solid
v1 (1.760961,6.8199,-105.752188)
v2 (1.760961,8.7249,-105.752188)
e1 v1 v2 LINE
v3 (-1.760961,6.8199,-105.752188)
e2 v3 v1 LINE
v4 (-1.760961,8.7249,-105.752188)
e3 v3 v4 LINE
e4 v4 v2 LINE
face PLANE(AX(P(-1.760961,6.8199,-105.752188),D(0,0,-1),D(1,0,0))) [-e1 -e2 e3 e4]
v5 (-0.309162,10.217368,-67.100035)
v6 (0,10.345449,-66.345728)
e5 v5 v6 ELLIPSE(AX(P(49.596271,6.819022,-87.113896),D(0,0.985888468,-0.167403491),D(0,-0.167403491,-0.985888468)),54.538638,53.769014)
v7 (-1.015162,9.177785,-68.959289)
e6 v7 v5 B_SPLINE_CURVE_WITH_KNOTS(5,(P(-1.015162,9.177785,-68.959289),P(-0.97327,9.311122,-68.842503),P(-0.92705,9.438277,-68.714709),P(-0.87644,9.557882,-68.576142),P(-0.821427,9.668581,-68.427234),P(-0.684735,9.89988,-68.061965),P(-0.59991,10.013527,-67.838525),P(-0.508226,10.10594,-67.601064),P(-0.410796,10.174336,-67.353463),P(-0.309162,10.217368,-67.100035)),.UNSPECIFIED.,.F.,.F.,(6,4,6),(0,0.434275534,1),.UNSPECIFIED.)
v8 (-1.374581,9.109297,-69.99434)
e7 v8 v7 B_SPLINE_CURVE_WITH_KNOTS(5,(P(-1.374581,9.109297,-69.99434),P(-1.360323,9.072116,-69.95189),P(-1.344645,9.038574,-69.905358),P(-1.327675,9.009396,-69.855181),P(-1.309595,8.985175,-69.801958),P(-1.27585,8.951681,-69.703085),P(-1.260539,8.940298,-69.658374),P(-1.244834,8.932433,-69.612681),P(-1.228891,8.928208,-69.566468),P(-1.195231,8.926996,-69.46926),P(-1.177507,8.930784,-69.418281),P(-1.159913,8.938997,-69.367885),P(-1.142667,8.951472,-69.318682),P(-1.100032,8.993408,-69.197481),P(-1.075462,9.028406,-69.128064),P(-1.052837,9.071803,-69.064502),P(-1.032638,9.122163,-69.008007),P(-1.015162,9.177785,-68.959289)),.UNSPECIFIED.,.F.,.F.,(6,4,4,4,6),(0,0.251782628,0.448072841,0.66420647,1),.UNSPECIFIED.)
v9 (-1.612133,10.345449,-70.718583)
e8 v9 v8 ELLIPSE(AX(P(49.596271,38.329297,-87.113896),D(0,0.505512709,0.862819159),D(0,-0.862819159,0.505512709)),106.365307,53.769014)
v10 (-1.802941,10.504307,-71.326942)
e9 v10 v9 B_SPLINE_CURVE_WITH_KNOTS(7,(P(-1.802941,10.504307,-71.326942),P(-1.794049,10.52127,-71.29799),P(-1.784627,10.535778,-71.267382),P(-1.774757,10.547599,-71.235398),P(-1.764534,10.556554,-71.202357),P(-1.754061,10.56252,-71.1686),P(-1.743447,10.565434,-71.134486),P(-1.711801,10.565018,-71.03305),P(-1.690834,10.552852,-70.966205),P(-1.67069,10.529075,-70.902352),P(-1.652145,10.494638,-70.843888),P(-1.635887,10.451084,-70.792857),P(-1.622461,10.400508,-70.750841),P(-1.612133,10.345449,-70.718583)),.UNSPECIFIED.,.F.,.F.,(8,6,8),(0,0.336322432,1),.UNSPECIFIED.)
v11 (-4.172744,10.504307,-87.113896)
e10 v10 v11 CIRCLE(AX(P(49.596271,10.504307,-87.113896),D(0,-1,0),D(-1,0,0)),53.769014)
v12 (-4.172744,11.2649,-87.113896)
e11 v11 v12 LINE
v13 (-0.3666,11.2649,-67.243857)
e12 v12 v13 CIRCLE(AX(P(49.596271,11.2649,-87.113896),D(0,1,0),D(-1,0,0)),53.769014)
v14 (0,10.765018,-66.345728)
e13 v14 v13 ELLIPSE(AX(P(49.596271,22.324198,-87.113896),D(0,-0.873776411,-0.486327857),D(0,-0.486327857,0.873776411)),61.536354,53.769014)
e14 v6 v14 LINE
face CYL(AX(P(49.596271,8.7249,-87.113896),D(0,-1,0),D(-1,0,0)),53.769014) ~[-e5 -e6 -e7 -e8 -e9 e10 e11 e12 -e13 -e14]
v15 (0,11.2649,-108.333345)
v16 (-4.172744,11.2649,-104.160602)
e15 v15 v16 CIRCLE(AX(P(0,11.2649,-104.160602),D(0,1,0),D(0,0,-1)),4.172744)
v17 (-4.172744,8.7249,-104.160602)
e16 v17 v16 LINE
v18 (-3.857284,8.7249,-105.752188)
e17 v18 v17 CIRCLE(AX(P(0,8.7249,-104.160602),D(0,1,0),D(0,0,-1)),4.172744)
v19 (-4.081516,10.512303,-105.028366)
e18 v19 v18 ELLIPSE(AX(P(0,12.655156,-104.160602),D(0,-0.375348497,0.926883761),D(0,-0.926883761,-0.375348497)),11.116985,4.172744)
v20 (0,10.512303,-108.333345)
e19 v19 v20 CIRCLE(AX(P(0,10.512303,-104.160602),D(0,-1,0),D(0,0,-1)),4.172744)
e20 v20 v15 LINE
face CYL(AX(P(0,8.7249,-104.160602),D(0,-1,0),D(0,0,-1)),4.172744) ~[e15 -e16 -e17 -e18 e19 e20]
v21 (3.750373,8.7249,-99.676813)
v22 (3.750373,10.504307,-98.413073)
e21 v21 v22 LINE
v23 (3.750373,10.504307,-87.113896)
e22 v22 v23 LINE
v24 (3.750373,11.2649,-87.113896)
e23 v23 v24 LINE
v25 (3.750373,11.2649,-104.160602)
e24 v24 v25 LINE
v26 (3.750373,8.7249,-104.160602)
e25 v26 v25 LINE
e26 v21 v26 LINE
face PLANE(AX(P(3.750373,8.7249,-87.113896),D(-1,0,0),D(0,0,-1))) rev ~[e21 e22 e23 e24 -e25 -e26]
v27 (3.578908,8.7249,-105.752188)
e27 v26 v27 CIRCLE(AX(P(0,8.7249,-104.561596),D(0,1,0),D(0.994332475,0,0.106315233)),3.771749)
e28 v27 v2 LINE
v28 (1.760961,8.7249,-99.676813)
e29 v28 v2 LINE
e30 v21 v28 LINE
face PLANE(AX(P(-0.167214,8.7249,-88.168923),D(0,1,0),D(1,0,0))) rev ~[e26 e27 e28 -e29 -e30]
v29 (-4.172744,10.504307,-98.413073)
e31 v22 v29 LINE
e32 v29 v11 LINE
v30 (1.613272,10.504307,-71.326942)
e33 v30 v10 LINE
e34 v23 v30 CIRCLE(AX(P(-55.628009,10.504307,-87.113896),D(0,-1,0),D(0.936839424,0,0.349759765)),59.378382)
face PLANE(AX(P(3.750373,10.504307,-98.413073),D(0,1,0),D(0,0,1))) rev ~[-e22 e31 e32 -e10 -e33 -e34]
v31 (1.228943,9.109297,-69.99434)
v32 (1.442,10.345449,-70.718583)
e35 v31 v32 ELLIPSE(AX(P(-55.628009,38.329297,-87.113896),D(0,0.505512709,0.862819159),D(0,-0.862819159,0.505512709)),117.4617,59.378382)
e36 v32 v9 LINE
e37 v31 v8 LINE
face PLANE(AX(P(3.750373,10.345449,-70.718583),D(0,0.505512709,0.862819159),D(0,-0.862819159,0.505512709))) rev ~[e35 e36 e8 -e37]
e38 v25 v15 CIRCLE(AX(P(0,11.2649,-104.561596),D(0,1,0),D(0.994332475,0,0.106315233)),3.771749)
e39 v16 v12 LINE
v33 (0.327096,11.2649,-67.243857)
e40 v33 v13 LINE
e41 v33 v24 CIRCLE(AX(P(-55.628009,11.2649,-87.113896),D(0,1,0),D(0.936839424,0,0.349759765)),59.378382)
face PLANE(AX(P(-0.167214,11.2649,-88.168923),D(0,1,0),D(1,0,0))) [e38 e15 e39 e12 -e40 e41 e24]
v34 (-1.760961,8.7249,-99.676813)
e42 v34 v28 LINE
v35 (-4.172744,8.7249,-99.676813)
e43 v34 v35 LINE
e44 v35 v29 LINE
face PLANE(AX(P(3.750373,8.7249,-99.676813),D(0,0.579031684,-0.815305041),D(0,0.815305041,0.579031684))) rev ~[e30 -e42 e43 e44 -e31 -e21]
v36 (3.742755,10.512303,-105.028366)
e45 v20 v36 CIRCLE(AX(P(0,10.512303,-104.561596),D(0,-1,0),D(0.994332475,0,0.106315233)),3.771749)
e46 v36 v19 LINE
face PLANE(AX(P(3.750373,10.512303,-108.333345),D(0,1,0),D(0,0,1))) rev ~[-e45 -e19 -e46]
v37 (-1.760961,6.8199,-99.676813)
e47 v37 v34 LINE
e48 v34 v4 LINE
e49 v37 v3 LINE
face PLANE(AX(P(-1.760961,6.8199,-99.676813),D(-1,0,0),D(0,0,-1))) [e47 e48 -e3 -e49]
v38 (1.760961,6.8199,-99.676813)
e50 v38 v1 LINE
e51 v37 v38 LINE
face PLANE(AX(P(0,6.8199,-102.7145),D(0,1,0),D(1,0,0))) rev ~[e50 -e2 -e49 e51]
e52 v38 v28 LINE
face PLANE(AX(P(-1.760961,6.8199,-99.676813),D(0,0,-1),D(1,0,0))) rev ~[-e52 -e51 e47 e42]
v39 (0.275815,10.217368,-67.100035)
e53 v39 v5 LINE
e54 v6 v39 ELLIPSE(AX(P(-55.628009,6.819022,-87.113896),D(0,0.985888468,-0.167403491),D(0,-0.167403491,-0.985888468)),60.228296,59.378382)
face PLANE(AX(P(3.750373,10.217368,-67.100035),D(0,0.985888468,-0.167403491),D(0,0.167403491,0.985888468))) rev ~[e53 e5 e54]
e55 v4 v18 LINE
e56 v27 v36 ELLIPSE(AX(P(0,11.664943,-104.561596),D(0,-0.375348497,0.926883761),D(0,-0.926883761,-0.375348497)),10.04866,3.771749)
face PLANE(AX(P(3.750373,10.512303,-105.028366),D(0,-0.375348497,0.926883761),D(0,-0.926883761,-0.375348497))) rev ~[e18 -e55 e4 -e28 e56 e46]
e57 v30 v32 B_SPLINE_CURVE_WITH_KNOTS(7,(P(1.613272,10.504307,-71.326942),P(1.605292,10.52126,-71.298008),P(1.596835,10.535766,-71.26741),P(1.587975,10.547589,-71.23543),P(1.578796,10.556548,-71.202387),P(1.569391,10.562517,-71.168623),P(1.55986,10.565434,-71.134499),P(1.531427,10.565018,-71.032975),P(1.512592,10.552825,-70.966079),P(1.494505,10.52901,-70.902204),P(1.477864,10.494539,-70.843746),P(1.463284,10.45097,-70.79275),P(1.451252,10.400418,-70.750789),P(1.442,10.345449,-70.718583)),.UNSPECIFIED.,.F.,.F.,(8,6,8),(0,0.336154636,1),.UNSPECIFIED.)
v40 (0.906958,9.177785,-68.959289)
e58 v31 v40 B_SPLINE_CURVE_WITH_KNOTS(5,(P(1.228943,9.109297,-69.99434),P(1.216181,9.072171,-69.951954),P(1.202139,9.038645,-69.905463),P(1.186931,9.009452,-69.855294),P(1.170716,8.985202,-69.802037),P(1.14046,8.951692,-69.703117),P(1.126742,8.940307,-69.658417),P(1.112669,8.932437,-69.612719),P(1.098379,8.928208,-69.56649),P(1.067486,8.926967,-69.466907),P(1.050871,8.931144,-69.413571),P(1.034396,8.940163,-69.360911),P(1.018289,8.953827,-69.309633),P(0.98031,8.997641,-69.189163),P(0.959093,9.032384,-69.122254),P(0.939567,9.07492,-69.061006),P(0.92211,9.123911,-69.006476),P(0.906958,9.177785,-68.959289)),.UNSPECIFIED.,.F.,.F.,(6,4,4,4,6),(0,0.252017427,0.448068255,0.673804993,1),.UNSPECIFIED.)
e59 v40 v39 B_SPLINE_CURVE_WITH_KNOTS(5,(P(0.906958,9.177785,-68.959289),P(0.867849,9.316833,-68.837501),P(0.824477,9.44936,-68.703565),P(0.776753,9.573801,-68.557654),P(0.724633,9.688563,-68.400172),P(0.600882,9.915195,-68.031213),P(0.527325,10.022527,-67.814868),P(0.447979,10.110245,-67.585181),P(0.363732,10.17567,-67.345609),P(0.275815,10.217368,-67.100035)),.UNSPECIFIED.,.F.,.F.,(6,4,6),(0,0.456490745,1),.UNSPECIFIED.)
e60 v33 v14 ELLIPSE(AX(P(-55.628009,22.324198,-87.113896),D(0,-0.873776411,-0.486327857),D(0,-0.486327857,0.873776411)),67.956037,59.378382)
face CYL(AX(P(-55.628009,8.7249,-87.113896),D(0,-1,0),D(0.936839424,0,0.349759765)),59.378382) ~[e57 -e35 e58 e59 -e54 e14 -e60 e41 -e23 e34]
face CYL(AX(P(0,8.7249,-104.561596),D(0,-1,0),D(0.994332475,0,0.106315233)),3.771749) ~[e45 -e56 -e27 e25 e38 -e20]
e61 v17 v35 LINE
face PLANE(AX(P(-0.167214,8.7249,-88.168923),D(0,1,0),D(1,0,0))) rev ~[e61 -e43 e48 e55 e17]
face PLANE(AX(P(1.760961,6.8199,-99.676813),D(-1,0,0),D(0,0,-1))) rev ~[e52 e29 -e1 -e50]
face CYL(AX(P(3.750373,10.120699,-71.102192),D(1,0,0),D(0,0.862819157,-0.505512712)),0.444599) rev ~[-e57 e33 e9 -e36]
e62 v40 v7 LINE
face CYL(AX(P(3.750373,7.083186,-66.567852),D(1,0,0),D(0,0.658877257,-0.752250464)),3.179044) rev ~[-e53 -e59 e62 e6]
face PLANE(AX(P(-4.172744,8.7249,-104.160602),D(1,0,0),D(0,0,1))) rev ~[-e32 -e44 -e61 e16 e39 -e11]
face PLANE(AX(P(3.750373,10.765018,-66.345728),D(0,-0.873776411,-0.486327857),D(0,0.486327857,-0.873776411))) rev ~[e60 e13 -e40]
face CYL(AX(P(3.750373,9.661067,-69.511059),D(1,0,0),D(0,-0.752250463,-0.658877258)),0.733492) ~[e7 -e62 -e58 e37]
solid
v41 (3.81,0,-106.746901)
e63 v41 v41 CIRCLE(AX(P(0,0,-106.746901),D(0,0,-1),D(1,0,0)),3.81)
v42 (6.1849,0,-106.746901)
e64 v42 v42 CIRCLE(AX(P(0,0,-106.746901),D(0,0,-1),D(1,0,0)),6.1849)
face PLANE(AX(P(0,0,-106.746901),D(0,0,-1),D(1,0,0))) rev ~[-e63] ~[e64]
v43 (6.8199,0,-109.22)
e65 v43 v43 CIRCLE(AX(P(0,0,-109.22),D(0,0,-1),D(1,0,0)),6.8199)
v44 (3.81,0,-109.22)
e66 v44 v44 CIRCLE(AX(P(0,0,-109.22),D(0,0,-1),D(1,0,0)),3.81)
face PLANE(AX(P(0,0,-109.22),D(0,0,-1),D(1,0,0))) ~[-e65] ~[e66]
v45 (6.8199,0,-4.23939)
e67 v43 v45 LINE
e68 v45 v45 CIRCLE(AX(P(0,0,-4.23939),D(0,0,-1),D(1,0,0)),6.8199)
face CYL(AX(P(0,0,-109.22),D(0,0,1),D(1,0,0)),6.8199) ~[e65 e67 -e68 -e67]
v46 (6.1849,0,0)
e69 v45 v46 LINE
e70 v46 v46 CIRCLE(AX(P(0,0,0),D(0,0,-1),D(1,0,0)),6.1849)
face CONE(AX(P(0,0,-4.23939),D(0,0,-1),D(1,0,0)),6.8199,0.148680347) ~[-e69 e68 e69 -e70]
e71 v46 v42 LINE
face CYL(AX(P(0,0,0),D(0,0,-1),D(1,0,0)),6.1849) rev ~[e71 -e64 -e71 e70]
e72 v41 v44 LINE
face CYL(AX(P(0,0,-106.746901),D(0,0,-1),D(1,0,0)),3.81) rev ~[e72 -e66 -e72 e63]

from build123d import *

# Parameters (mm, degrees)
SKETCH3_W           = 3.521922762
SKETCH3_H           = 6.07537554
BOSS_EXTRUDE1_DEPTH = 1.905
BOSS_EXTRUDE2_DEPTH = 2.54
CUT_EXTRUDE2_DEPTH  = 111.307012646


with BuildPart() as part:
    # Sketch2 → Revolve1 (revolve)
    with BuildSketch(Plane(origin=(0, 0, 0), x_dir=(0, 0, -1), z_dir=(1, 0, 0))):
        Polygon((0, 6.1849), (106.746901339, 6.1849), (106.746901339, 3.81), (109.22, 3.81), (109.22, 6.1849), (109.22, 6.8199), (4.239390289, 6.8199), align=None)
    revolve(axis=Axis((0, 0, 0), (0, 0, -1)))


with BuildPart() as body_2:
    # Sketch3 → Boss-Extrude1 (new body)
    with BuildSketch(Plane(origin=(0, 6.8199, 0), x_dir=(1, 0, 0), z_dir=(0, 1, 0))):
        with Locations((0, 102.71450048)):
            Rectangle(SKETCH3_W, SKETCH3_H)
    extrude(amount=BOSS_EXTRUDE1_DEPTH)

    # Sketch4 → Boss-Extrude2 (add)
    with BuildSketch(Plane(origin=(0, 8.7249, 0), x_dir=(1, 0, 0), z_dir=(0, 1, 0))):
        with BuildLine():
            Line((-4.172743681, 104.160601623), (-4.172743681, 87.113896477))
            ThreePointArc((-4.172743681, 87.113896477), (-3.119236981, 76.522288583), (0, 66.345727533))
            ThreePointArc((0, 66.345727533), (2.805257987, 76.561857132), (3.750372795, 87.113896477))
            Line((3.750372795, 87.113896477), (3.750372795, 104.160601623))
            ThreePointArc((3.750372795, 104.160601623), (2.805222181, 107.082869738), (0, 108.333345304))
            ThreePointArc((0, 108.333345304), (-2.950575353, 107.111176976), (-4.172743681, 104.160601623))
        make_face()
    extrude(amount=BOSS_EXTRUDE2_DEPTH)

    # Sketch5 → Cut-Extrude2 (cut, through all)
    with BuildSketch(Plane(origin=(3.750372795, 0, 0), x_dir=(0, 0, -1), z_dir=(1, 0, 0))):
        with BuildLine():
            Line((67.1000348, 10.217368222), (66.345727533, 10.345449312))
            Line((66.345727533, 10.345449312), (66.345727533, 8.7249))
            Line((66.345727533, 8.7249), (99.67681271, 8.7249))
            Line((99.67681271, 8.7249), (98.413073124, 10.504307386))
            Line((98.413073124, 10.504307386), (71.326942087, 10.504307386))
            ThreePointArc((71.326942087, 10.504307386), (70.989862042, 10.550873607), (70.718583167, 10.345449312))
            Line((70.718583167, 10.345449312), (69.994340058, 9.109296751))
            ThreePointArc((69.994340058, 9.109296751), (69.46263006, 8.929174901), (68.959288933, 9.177785265))
            ThreePointArc((68.959288933, 9.177785265), (68.119325888, 9.857937398), (67.1000348, 10.217368222))
        make_face()
        Polygon((66.345727533, 10.765017716), (67.243856936, 11.2649), (66.345727533, 11.2649), align=None)
        Polygon((108.333345304, 10.512302611), (105.028366221, 10.512302611), (105.75218825, 8.7249), (108.333345304, 8.7249), align=None)
    extrude(amount=-CUT_EXTRUDE2_DEPTH, mode=Mode.SUBTRACT)


solid = Compound([part.part, body_2.part])
